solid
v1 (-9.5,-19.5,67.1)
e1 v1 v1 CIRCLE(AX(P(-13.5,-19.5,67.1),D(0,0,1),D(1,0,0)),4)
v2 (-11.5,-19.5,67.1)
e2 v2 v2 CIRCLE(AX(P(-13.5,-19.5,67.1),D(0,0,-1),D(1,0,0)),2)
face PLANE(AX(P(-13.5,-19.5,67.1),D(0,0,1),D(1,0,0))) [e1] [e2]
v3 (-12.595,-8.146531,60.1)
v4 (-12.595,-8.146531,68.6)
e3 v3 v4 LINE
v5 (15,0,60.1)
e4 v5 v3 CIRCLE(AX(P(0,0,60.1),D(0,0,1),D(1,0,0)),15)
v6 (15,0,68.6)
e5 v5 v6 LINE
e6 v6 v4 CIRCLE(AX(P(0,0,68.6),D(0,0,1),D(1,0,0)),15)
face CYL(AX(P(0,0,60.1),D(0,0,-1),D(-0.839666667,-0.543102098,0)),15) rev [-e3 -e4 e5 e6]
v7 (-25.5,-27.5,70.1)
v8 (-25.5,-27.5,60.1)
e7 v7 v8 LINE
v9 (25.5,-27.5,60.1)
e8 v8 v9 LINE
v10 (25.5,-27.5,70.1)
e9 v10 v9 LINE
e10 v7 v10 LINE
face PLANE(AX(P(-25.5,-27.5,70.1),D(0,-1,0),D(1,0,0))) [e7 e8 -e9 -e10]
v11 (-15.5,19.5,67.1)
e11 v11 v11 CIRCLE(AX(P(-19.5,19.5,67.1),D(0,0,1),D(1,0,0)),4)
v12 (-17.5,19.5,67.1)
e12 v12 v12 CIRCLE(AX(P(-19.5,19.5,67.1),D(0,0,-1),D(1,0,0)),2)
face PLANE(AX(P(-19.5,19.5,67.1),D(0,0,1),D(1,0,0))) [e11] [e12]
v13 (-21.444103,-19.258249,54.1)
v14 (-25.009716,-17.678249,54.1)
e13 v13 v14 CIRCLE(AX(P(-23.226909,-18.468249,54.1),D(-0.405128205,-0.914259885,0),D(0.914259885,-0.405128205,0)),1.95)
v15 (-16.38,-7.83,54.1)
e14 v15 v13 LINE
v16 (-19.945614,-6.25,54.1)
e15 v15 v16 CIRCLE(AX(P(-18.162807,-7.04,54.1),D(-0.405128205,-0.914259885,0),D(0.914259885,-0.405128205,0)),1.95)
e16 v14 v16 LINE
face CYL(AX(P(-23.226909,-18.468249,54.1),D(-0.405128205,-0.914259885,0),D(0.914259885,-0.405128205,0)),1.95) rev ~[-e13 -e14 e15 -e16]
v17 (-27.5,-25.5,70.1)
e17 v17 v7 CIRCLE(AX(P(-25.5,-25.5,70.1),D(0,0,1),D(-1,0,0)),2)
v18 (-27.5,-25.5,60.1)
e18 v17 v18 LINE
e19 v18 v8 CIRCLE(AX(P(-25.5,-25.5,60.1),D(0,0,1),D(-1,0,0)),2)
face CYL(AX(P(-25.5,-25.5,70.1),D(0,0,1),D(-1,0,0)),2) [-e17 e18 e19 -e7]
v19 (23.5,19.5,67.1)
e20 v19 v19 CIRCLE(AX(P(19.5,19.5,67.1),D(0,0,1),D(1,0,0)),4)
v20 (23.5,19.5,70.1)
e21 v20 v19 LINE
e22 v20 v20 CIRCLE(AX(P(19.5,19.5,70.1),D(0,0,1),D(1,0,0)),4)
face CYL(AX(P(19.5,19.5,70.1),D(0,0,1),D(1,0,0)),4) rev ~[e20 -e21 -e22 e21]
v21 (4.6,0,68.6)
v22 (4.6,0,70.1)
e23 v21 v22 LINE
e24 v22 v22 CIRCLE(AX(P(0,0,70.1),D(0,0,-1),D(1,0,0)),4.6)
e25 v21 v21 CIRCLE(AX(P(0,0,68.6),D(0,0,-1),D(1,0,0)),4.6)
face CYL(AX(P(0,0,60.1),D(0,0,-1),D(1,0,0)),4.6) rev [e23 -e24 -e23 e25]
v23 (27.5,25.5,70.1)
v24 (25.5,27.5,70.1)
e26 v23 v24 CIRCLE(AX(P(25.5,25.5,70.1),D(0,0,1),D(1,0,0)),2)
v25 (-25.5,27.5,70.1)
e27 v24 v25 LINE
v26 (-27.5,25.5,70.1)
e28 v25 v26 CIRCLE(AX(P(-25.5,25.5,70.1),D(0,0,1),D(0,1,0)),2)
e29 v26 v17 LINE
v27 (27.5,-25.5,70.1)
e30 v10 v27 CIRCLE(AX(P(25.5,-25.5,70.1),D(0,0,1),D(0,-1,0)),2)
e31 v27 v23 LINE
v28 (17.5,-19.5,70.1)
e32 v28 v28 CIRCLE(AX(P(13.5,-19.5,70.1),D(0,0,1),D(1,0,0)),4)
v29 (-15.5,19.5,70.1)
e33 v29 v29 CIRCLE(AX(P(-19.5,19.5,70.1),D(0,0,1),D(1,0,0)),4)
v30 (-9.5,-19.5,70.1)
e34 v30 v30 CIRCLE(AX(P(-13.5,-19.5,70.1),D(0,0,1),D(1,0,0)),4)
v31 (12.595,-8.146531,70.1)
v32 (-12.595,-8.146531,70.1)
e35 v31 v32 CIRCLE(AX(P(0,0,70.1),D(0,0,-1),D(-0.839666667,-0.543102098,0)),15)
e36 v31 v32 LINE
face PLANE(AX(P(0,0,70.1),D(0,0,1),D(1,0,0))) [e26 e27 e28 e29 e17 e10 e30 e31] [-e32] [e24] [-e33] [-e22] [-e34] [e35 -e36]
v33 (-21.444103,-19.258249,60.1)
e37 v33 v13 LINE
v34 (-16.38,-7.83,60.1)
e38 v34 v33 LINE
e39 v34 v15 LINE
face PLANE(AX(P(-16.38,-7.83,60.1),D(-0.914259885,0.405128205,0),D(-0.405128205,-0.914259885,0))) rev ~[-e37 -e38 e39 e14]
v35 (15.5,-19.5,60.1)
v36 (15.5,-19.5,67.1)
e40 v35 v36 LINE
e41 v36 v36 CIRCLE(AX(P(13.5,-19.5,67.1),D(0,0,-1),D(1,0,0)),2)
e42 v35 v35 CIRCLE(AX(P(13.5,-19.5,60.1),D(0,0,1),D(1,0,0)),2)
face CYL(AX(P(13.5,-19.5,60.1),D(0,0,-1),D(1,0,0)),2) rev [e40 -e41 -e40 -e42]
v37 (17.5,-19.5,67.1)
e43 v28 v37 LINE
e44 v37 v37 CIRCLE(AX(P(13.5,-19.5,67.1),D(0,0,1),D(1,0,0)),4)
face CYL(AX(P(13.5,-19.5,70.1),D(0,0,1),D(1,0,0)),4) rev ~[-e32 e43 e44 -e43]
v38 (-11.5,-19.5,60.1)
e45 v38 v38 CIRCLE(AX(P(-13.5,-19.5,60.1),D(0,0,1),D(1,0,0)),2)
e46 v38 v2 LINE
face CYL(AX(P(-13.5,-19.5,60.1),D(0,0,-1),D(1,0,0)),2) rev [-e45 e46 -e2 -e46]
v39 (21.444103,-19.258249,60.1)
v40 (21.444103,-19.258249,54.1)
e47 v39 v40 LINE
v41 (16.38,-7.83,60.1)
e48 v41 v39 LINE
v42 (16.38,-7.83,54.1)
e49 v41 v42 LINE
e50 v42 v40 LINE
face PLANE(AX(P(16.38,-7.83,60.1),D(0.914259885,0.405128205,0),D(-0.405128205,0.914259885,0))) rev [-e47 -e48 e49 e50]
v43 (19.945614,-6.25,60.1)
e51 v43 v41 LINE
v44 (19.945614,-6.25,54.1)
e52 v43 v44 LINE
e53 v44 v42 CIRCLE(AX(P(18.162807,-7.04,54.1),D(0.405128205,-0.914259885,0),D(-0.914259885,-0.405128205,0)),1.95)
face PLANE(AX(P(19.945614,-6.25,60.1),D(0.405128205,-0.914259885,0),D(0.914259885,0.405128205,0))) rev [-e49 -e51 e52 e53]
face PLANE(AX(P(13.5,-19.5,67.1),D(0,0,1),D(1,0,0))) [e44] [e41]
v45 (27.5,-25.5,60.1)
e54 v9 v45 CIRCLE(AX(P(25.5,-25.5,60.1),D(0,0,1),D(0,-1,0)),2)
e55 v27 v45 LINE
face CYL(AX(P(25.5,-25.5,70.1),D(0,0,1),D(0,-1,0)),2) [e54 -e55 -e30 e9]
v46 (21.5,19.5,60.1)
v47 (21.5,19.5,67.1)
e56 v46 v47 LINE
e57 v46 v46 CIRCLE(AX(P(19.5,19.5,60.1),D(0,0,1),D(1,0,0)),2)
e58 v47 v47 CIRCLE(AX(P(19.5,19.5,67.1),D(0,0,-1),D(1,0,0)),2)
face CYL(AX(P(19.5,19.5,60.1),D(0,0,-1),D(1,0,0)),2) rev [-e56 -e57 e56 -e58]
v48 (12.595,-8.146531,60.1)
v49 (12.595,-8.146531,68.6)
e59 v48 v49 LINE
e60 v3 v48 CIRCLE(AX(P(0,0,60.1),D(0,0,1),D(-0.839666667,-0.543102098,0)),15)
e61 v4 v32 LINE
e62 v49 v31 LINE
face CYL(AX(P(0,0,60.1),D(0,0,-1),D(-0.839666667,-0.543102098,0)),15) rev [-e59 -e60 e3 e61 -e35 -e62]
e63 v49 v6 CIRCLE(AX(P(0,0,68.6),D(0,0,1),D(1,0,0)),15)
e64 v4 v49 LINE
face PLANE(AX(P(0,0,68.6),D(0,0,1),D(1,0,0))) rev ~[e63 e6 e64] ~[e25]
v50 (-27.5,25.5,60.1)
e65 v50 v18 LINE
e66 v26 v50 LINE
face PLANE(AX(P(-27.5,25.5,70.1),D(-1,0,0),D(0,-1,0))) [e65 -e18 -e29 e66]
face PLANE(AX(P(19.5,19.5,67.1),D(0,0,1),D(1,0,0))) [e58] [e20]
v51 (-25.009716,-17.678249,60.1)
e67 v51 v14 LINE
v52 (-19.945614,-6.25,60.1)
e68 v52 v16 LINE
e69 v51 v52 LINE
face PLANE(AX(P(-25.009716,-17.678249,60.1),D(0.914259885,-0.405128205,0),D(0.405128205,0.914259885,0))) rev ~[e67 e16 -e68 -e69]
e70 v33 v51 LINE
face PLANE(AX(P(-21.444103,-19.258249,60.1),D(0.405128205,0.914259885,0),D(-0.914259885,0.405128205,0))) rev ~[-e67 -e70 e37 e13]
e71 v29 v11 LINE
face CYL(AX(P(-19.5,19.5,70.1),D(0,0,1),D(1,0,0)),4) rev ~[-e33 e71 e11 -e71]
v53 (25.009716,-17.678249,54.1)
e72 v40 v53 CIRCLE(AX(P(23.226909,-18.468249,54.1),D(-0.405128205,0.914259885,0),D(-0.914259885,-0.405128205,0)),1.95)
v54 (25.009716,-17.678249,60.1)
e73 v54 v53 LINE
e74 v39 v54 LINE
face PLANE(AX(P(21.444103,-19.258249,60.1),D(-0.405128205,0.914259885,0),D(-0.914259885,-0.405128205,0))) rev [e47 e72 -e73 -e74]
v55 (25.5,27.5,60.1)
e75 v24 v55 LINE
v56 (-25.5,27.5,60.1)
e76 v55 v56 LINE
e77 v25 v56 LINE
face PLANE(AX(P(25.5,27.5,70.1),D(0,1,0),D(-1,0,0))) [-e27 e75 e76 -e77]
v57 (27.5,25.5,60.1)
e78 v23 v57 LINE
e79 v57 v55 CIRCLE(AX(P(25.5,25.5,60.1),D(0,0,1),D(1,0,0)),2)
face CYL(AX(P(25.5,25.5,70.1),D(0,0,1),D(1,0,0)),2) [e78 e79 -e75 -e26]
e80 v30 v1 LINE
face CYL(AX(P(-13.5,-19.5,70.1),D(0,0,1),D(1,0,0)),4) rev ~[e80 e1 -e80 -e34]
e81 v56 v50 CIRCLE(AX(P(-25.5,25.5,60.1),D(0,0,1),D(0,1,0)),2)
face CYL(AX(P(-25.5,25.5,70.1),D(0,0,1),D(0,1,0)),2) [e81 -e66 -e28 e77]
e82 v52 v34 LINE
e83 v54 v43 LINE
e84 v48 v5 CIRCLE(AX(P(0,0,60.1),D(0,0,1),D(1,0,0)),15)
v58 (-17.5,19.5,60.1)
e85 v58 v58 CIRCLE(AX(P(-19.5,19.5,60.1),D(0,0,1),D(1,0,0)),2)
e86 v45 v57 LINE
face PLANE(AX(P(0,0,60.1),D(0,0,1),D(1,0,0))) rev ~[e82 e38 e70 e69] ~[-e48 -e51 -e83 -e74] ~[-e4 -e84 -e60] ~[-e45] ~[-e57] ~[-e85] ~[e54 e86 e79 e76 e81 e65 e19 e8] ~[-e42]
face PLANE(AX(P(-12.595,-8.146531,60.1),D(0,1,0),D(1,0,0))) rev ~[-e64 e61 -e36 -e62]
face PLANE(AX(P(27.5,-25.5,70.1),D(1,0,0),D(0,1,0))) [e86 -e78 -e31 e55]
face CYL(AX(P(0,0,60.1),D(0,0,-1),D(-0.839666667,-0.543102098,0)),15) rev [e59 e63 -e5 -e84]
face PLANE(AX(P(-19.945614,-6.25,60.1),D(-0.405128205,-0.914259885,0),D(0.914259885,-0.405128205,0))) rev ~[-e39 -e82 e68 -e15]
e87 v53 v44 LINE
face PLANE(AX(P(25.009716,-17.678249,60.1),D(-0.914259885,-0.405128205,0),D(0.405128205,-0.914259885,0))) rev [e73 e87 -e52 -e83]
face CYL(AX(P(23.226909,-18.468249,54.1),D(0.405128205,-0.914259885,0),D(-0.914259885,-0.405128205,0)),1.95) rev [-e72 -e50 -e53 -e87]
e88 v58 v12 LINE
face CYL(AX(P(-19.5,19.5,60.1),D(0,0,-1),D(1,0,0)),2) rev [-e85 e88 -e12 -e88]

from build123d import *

# Parameters (mm, degrees)
PAD011_DEPTH    = 10
PAD012_DEPTH    = 6
POCKET014_DEPTH = 221.3994809485
SKETCH029_R     = 2
SKETCH029_R_2   = 4.6
POCKET015_DEPTH = 10.001
SKETCH030_R     = 4
POCKET016_DEPTH = 3
SKETCH031_R     = 15
POCKET017_DEPTH = 8.5


with BuildPart() as part:
    # Sketch025 → Pad011 (new body)
    with BuildSketch(Plane.XY.offset(70.1)):
        with BuildLine():
            Line((-27.5, 25.5), (-27.5, -25.5))
            ThreePointArc((-27.5, -25.5), (-26.9142135624, -26.9142135624), (-25.5, -27.5))
            Line((-25.5, -27.5), (25.5, -27.5))
            ThreePointArc((25.5, -27.5), (26.9142135624, -26.9142135624), (27.5, -25.5))
            Line((27.5, -25.5), (27.5, 25.5))
            ThreePointArc((27.5, 25.5), (26.9142135624, 26.9142135624), (25.5, 27.5))
            Line((25.5, 27.5), (-25.5, 27.5))
            ThreePointArc((-25.5, 27.5), (-26.9142135624, 26.9142135624), (-27.5, 25.5))
        make_face()
    extrude(amount=-PAD011_DEPTH)

    # Sketch027 → Pad012 (join)
    with BuildSketch(Plane.XY.offset(60.1)):
        Polygon((-19.9456135517, -6.25), (-16.38, -7.83), (-21.4441025641, -19.2582485631), (-25.0097161158, -17.6782485631), align=None)
    pad012 = extrude(amount=-PAD012_DEPTH)

    # Sketch028 (on Face12 of Pad012) → Pocket014 (cut, through all)
    with BuildSketch(Plane(origin=(-10.6527063441, -24.0401481662, 0), x_dir=(0.914259885, -0.4051282051, 0), z_dir=(-0.4051282051, -0.914259885, 0))):
        with BuildLine():
            ThreePointArc((-11.8034230709, 54.1), (-13.7534230709, 56.05), (-15.7034230709, 54.1))
            Line((-11.8034230709, 54.1), (-15.7034230709, 54.1))
        make_face()
    pocket014 = extrude(amount=-POCKET014_DEPTH, mode=Mode.SUBTRACT)

    # Mirrored001: Pad012, Pocket014 across YZ
    add(pad012.mirror(Plane.YZ))
    add(pocket014.mirror(Plane.YZ), mode=Mode.SUBTRACT)

    # Sketch029 → Pocket015 (cut, through all)
    with BuildSketch(Plane.XY.offset(60.1)):
        with Locations((19.5, 19.5)):
            Circle(SKETCH029_R)
        with Locations((-19.5, 19.5)):
            Circle(SKETCH029_R)
        with Locations((-13.5, -19.5)):
            Circle(SKETCH029_R)
        with Locations((13.5, -19.5)):
            Circle(SKETCH029_R)
        Circle(SKETCH029_R_2)
        with BuildLine():
            ThreePointArc((-12.595, -8.1465314705), (0, -15), (12.595, -8.1465314705))
            Line((-12.595, -8.1465314705), (12.595, -8.1465314705))
        make_face()
    extrude(amount=POCKET015_DEPTH, mode=Mode.SUBTRACT)

    # Sketch030 → Pocket016 (cut)
    with BuildSketch(Plane.XY.offset(70.1)):
        with Locations((13.5, -19.5)):
            Circle(SKETCH030_R)
        with Locations((-13.5, -19.5)):
            Circle(SKETCH030_R)
        with Locations((-19.5, 19.5)):
            Circle(SKETCH030_R)
        with Locations((19.5, 19.5)):
            Circle(SKETCH030_R)
    extrude(amount=-POCKET016_DEPTH, mode=Mode.SUBTRACT)

    # Sketch031 → Pocket017 (cut)
    with BuildSketch(Plane.XY.offset(60.1)):
        Circle(SKETCH031_R)
    extrude(amount=POCKET017_DEPTH, mode=Mode.SUBTRACT)


solid = part.part
